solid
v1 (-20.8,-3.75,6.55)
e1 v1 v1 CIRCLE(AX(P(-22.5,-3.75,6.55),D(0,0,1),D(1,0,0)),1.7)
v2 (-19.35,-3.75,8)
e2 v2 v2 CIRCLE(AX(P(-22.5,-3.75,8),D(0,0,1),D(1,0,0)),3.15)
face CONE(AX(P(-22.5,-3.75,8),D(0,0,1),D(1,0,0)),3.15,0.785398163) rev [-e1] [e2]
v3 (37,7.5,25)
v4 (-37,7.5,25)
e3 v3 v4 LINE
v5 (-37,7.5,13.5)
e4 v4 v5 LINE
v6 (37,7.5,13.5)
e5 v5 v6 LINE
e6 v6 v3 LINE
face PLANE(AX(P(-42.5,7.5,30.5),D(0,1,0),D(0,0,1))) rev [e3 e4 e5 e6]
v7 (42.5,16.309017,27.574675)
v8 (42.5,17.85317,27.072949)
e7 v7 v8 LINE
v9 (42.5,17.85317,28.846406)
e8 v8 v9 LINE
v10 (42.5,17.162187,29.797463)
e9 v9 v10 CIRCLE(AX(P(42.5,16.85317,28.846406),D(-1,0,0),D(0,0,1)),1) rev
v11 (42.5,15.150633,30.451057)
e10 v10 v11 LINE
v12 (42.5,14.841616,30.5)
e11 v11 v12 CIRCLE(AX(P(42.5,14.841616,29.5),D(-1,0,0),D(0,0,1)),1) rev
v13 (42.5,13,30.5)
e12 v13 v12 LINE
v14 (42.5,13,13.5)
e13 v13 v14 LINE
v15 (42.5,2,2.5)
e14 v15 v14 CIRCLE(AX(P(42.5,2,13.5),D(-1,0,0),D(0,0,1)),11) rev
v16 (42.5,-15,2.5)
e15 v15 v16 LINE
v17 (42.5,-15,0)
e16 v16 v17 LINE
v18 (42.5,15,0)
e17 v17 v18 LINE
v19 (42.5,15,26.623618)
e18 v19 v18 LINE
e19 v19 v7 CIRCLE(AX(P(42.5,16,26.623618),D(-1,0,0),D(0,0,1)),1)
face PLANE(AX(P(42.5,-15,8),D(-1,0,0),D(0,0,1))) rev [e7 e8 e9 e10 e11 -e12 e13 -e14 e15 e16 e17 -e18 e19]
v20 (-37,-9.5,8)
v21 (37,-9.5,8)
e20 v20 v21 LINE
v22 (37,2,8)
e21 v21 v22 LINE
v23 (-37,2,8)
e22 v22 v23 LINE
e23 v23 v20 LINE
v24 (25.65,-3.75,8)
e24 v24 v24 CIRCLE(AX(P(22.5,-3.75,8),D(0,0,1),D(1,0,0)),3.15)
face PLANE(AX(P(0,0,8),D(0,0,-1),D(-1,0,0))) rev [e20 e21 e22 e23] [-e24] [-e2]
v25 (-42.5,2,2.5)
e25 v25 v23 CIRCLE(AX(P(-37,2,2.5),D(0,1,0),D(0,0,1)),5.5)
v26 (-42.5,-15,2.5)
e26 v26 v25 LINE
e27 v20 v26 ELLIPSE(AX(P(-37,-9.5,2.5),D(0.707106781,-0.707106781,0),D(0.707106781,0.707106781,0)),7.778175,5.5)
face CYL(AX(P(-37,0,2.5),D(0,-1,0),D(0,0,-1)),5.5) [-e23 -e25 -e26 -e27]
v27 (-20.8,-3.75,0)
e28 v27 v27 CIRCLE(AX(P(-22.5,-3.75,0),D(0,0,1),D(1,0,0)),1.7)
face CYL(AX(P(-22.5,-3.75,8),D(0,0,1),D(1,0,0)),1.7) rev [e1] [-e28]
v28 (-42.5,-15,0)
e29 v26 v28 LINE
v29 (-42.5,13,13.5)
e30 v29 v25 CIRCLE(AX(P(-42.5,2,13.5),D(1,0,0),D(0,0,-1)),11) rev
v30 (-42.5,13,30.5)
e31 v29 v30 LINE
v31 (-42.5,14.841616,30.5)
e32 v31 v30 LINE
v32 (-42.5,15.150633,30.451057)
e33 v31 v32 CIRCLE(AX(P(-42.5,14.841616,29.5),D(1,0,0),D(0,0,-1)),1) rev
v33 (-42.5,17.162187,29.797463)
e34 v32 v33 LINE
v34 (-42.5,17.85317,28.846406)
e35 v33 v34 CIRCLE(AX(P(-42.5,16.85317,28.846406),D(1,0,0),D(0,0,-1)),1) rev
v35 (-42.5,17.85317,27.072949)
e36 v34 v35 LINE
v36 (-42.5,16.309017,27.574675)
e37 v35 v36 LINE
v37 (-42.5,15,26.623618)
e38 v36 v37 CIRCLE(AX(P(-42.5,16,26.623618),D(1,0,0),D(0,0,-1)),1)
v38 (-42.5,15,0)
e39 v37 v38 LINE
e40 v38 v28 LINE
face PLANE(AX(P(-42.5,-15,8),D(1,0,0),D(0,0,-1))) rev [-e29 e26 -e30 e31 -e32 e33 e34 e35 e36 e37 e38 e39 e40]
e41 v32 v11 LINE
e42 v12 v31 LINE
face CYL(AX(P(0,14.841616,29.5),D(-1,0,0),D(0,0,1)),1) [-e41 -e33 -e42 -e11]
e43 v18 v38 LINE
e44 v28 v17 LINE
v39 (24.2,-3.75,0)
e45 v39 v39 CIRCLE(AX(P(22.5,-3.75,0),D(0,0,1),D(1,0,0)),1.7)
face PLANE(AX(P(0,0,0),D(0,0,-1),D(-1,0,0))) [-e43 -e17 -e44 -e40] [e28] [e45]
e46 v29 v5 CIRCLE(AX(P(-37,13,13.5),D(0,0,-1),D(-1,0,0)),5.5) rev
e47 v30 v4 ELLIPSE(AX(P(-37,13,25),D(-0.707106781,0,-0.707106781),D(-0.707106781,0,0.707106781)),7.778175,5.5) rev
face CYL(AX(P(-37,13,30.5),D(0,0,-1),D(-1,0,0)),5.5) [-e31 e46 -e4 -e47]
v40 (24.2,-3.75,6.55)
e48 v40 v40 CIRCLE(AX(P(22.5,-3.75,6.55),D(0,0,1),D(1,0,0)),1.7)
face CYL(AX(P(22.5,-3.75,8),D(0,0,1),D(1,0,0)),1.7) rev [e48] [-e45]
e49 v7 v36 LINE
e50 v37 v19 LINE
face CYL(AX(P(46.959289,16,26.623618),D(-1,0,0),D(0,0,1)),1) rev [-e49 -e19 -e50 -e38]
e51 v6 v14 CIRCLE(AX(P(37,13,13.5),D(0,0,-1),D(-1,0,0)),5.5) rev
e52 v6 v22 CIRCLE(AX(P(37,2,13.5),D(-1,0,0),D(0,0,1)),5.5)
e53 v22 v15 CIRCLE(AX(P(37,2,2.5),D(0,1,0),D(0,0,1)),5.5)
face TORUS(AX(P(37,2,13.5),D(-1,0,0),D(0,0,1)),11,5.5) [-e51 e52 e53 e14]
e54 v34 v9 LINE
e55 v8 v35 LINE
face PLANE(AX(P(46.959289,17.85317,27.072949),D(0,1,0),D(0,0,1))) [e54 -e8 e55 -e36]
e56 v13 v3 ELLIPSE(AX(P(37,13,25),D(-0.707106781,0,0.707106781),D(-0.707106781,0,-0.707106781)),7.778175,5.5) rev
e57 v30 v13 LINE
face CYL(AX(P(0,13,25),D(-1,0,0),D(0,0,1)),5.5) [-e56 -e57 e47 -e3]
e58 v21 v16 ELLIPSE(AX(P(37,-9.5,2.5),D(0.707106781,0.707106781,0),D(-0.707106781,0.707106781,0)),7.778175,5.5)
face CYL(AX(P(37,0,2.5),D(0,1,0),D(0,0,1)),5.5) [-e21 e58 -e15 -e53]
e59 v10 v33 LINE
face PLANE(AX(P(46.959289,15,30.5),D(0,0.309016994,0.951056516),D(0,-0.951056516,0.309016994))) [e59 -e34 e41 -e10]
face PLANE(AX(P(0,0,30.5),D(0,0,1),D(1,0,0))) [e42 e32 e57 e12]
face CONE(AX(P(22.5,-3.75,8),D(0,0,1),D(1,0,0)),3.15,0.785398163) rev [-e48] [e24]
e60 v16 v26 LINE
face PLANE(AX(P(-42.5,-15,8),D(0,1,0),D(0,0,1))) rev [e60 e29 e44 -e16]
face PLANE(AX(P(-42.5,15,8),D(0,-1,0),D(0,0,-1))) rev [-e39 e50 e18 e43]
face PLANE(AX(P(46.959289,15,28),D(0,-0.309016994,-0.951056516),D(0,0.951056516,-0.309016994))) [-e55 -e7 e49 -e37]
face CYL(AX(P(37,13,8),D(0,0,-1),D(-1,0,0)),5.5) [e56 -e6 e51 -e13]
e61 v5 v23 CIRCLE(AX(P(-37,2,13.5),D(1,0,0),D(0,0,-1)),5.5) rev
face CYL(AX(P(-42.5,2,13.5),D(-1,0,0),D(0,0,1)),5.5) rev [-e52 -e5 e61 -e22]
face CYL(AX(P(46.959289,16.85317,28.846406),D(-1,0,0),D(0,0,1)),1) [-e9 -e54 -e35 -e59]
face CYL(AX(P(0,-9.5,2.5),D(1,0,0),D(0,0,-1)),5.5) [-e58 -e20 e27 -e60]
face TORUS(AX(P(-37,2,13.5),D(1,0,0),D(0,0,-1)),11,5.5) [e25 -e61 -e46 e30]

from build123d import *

# Parameters (mm, degrees)
SKETCH1_W                                       = 85
SKETCH1_H                                       = 30
BOSS_EXTRUDE1_DEPTH                             = 8
SKETCH2_W                                       = 85
SKETCH2_H                                       = 7.5
BOSS_EXTRUDE2_DEPTH                             = 22.5
CSK_FOR_M3_FLAT_HEAD_MACHINE_SCREW1_D           = 3.4
CSK_FOR_M3_FLAT_HEAD_MACHINE_SCREW1_CSINK_D     = 6.3
CSK_FOR_M3_FLAT_HEAD_MACHINE_SCREW1_CSINK_ANGLE = 90
BOSS_EXTRUDE3_DEPTH                             = 85
FILLET1_R                                       = 5.5
FILLET2_R                                       = 1
FILLET3_R                                       = 1


with BuildPart() as part:
    # Sketch1 → Boss-Extrude1 (new body)
    with BuildSketch(Plane.XY):
        Rectangle(SKETCH1_W, SKETCH1_H)
    extrude(amount=BOSS_EXTRUDE1_DEPTH)

    # Sketch2 → Boss-Extrude2 (add)
    with BuildSketch(Plane.XY.offset(8)):
        with Locations((0, 11.25)):
            Rectangle(SKETCH2_W, SKETCH2_H)
    extrude(amount=BOSS_EXTRUDE2_DEPTH)

    # CSK for M3 Flat Head Machine Screw1 (through all)
    with Locations(Plane.XY.offset(8)):
        with Locations((-22.5, -3.75), (22.5, -3.75)):
            CounterSinkHole(CSK_FOR_M3_FLAT_HEAD_MACHINE_SCREW1_D / 2, CSK_FOR_M3_FLAT_HEAD_MACHINE_SCREW1_CSINK_D / 2, counter_sink_angle=CSK_FOR_M3_FLAT_HEAD_MACHINE_SCREW1_CSINK_ANGLE)

    # Sketch7 → Boss-Extrude3 (add)
    with BuildSketch(Plane.ZY.offset(42.5)):
        Polygon((30.5, 15), (29.572949017, 17.853169549), (27.072949017, 17.853169549), (28, 15), align=None)
    extrude(amount=-BOSS_EXTRUDE3_DEPTH)

    # Fillet1
    fillet1_edges = [part.edges().sort_by_distance(p)[0] for p in [
        (0, -15, 8),
        (-42.5, -3.75, 8),
        (0, 7.5, 8),
        (-42.5, 7.5, 19.25),
        (42.5, 7.5, 19.25),
        (0, 7.5, 30.5),
        (42.5, -3.75, 8),
    ]]
    fillet(fillet1_edges, radius=FILLET1_R)

    # Fillet2
    fillet2_edges = [part.edges().sort_by_distance(p)[0] for p in [
        (0, 15, 28),
    ]]
    fillet(fillet2_edges, radius=FILLET2_R)

    # Fillet3
    fillet3_edges = [part.edges().sort_by_distance(p)[0] for p in [
        (0, 15, 30.5),
        (0, 17.853169549, 29.572949017),
    ]]
    fillet(fillet3_edges, radius=FILLET3_R)


solid = part.part
